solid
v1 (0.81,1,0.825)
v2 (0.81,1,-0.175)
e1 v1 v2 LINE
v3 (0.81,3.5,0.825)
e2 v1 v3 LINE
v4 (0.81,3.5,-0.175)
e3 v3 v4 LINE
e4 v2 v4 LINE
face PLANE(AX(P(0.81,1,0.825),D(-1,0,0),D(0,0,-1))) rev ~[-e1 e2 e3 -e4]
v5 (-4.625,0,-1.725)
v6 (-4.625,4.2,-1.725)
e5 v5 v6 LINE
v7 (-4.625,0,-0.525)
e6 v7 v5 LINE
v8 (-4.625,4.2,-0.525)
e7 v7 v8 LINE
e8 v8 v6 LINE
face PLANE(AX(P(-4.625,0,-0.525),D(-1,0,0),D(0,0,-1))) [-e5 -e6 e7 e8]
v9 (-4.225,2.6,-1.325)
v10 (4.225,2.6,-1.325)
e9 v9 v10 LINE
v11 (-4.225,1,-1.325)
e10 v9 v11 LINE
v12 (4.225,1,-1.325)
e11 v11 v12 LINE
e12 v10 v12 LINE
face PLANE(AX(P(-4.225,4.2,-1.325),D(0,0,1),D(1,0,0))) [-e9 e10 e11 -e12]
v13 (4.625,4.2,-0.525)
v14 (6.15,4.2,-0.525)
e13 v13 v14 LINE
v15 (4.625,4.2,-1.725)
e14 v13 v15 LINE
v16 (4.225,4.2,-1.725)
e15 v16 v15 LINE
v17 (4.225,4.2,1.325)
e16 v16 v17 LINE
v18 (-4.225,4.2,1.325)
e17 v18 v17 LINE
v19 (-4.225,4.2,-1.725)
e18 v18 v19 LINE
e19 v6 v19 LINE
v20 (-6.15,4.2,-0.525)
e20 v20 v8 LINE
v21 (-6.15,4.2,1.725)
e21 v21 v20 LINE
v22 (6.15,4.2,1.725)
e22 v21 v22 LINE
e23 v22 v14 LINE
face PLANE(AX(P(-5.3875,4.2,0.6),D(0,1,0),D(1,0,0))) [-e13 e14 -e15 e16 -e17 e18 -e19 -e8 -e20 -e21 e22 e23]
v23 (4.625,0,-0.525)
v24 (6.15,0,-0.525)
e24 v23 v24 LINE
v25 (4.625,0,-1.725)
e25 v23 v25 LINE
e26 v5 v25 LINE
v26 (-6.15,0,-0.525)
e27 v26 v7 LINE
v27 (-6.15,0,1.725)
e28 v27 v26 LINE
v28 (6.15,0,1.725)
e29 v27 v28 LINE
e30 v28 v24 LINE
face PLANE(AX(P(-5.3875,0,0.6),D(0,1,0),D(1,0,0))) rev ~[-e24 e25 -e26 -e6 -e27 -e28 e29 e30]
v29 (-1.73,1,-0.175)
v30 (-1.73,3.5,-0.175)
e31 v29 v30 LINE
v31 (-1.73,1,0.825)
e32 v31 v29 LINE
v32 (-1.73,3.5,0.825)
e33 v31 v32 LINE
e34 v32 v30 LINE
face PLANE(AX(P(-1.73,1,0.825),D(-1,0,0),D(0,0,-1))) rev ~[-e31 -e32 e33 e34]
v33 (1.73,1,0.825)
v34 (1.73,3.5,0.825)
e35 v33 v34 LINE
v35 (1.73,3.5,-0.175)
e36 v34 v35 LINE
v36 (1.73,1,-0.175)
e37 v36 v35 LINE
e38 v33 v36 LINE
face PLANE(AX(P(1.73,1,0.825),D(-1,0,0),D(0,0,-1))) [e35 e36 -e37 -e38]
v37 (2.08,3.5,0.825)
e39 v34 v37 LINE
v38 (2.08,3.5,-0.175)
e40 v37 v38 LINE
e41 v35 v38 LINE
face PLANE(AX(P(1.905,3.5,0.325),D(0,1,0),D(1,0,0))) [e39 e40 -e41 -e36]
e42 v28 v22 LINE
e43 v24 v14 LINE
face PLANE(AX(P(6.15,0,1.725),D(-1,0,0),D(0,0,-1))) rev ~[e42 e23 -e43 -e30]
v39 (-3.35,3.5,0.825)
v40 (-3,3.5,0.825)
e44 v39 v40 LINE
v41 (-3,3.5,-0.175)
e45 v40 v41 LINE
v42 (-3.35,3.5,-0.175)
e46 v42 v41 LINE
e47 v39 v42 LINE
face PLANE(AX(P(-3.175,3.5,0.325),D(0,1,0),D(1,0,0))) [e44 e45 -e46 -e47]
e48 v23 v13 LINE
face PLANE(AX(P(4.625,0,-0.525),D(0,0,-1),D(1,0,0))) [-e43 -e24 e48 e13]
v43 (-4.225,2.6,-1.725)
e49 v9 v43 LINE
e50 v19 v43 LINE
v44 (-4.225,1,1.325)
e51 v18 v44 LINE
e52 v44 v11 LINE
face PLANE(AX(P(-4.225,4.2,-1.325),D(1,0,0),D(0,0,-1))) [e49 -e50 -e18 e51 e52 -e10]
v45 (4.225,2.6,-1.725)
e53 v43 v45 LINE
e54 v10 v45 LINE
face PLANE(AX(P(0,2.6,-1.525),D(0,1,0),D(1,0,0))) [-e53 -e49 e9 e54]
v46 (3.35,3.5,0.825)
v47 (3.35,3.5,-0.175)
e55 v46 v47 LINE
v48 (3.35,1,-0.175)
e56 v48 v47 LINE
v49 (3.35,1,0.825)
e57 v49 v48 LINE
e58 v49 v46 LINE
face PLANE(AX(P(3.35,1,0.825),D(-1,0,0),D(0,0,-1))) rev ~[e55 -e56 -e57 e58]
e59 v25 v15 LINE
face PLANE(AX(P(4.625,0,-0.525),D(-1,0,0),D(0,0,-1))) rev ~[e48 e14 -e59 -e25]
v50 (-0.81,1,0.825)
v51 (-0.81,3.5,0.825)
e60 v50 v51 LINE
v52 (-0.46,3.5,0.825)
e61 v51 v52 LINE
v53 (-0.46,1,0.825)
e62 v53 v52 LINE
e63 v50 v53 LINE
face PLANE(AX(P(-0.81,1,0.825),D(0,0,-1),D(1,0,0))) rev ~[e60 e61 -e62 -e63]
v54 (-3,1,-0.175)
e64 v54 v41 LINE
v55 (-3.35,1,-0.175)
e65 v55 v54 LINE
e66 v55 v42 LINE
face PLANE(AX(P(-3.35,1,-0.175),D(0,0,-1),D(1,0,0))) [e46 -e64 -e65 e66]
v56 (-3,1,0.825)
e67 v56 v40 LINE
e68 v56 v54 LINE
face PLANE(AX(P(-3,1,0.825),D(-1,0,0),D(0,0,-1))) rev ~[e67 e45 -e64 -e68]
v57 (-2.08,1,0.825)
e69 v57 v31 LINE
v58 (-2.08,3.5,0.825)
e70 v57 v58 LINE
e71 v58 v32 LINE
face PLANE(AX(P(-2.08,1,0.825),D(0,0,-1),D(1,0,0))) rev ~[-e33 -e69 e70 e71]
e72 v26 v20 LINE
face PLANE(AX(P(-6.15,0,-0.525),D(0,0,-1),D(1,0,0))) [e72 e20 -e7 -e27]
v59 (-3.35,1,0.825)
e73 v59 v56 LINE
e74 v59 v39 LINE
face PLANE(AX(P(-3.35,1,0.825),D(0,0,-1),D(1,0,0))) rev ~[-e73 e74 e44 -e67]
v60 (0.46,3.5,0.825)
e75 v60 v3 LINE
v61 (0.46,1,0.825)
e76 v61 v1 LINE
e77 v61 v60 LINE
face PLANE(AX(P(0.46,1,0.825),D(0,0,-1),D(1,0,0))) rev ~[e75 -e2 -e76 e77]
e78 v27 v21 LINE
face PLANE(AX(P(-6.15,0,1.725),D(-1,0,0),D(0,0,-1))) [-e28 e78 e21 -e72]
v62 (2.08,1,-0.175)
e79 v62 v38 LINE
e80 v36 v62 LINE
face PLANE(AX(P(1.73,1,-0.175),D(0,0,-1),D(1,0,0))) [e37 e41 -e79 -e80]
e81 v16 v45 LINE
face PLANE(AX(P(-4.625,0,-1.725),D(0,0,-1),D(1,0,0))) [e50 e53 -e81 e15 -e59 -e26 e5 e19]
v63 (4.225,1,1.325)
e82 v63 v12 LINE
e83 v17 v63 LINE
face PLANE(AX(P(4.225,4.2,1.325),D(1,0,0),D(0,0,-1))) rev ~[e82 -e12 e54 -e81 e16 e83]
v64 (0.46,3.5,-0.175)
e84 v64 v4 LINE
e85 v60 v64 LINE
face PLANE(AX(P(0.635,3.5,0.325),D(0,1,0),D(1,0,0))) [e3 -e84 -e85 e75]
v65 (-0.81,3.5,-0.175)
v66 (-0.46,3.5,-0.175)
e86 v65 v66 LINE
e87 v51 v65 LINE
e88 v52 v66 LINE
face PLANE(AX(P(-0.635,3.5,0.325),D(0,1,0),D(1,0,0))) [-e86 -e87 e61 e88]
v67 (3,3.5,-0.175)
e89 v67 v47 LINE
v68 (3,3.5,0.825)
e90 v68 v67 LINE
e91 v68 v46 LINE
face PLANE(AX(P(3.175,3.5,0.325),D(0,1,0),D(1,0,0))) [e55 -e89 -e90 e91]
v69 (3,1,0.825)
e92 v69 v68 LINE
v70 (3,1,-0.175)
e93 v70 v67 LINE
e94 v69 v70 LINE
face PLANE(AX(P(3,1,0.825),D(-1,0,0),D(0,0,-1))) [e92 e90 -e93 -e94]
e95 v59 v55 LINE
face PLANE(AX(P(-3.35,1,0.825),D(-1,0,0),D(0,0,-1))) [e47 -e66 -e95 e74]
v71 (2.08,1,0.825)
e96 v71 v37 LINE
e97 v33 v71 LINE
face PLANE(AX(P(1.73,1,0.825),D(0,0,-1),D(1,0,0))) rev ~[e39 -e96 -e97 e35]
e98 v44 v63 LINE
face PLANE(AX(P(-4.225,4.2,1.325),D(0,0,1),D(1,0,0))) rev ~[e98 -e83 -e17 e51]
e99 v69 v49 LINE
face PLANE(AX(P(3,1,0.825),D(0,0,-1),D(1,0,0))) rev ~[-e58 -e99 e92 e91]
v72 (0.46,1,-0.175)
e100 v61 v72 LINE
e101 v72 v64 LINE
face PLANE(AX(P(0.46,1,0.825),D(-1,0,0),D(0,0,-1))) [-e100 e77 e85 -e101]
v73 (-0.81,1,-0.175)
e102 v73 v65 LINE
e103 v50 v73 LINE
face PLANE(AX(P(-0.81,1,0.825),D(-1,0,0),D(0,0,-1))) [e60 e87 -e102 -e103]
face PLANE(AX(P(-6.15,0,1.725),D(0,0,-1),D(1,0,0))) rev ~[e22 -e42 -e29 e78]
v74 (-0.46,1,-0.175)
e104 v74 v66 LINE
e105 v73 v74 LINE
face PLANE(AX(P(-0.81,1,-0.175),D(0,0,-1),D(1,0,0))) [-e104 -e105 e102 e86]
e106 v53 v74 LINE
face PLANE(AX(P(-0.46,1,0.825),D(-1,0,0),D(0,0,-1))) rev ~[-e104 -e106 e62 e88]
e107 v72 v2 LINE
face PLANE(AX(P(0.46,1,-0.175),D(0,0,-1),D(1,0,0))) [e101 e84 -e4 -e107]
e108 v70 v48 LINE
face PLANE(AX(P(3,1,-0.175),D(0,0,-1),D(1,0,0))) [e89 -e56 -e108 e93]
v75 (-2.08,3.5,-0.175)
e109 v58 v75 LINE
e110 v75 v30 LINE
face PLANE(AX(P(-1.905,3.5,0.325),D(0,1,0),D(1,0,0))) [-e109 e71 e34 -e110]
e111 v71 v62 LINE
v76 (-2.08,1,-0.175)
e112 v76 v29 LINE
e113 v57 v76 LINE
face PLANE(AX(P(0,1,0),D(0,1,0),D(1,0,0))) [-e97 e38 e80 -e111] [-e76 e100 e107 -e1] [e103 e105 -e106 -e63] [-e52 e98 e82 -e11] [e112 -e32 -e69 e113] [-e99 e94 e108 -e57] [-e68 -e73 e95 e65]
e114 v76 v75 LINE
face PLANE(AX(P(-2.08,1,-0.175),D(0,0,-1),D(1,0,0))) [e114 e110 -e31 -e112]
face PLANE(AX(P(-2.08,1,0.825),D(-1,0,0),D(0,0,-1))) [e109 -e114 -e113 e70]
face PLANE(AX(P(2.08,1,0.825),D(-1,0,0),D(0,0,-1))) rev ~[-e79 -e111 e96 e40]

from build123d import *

# Parameters (mm, degrees)
SKETCH1_W           = 1.525
SKETCH1_H           = 2.25
SKETCH1_W_2         = 9.25
SKETCH1_H_2         = 1.2
BOSS_EXTRUDE1_DEPTH = 4.2
SKETCH2_W           = 8.45
SKETCH2_H           = 2.65
CUT_EXTRUDE1_DEPTH  = 3.2
SKETCH3_W           = 8.45
SKETCH3_H           = 0.4
CUT_EXTRUDE2_DEPTH  = 1.6
SKETCH4_W           = 0.35
SKETCH4_H           = 1
BOSS_EXTRUDE2_DEPTH = 2.5


with BuildPart() as part:
    # Sketch1 → Boss-Extrude1 (new body)
    with BuildSketch(Plane(origin=(0, 0, 0), x_dir=(1, 0, 0), z_dir=(0, 1, 0))):
        with Locations((-5.3875, -0.6)):
            Rectangle(SKETCH1_W, SKETCH1_H)
        with Locations((0, 1.125)):
            Rectangle(SKETCH1_W_2, SKETCH1_H_2)
        with Locations((0, -0.6)):
            Rectangle(SKETCH1_W_2, SKETCH1_H)
        with Locations((5.3875, -0.6)):
            Rectangle(SKETCH1_W, SKETCH1_H)
    extrude(amount=BOSS_EXTRUDE1_DEPTH)

    # Sketch2 → Cut-Extrude1 (cut)
    with BuildSketch(Plane(origin=(0, 4.2, 0), x_dir=(1, 0, 0), z_dir=(0, 1, 0))):
        Rectangle(SKETCH2_W, SKETCH2_H)
    extrude(amount=-CUT_EXTRUDE1_DEPTH, mode=Mode.SUBTRACT)

    # Sketch3 → Cut-Extrude2 (cut)
    with BuildSketch(Plane(origin=(0, 4.2, 0), x_dir=(1, 0, 0), z_dir=(0, 1, 0))):
        with Locations((0, 1.525)):
            Rectangle(SKETCH3_W, SKETCH3_H)
    extrude(amount=-CUT_EXTRUDE2_DEPTH, mode=Mode.SUBTRACT)

    # Sketch4 → Boss-Extrude2 (add)
    with BuildSketch(Plane(origin=(0, 1, 0), x_dir=(1, 0, 0), z_dir=(0, 1, 0))):
        with Locations((0.635, -0.325)):
            Rectangle(SKETCH4_W, SKETCH4_H)
        with Locations((-0.635, -0.325)):
            Rectangle(SKETCH4_W, SKETCH4_H)
        with Locations((1.905, -0.325)):
            Rectangle(SKETCH4_W, SKETCH4_H)
        with Locations((3.175, -0.325)):
            Rectangle(SKETCH4_W, SKETCH4_H)
        with Locations((-3.175, -0.325)):
            Rectangle(SKETCH4_W, SKETCH4_H)
        with Locations((-1.905, -0.325)):
            Rectangle(SKETCH4_W, SKETCH4_H)
    extrude(amount=BOSS_EXTRUDE2_DEPTH)


solid = part.part
